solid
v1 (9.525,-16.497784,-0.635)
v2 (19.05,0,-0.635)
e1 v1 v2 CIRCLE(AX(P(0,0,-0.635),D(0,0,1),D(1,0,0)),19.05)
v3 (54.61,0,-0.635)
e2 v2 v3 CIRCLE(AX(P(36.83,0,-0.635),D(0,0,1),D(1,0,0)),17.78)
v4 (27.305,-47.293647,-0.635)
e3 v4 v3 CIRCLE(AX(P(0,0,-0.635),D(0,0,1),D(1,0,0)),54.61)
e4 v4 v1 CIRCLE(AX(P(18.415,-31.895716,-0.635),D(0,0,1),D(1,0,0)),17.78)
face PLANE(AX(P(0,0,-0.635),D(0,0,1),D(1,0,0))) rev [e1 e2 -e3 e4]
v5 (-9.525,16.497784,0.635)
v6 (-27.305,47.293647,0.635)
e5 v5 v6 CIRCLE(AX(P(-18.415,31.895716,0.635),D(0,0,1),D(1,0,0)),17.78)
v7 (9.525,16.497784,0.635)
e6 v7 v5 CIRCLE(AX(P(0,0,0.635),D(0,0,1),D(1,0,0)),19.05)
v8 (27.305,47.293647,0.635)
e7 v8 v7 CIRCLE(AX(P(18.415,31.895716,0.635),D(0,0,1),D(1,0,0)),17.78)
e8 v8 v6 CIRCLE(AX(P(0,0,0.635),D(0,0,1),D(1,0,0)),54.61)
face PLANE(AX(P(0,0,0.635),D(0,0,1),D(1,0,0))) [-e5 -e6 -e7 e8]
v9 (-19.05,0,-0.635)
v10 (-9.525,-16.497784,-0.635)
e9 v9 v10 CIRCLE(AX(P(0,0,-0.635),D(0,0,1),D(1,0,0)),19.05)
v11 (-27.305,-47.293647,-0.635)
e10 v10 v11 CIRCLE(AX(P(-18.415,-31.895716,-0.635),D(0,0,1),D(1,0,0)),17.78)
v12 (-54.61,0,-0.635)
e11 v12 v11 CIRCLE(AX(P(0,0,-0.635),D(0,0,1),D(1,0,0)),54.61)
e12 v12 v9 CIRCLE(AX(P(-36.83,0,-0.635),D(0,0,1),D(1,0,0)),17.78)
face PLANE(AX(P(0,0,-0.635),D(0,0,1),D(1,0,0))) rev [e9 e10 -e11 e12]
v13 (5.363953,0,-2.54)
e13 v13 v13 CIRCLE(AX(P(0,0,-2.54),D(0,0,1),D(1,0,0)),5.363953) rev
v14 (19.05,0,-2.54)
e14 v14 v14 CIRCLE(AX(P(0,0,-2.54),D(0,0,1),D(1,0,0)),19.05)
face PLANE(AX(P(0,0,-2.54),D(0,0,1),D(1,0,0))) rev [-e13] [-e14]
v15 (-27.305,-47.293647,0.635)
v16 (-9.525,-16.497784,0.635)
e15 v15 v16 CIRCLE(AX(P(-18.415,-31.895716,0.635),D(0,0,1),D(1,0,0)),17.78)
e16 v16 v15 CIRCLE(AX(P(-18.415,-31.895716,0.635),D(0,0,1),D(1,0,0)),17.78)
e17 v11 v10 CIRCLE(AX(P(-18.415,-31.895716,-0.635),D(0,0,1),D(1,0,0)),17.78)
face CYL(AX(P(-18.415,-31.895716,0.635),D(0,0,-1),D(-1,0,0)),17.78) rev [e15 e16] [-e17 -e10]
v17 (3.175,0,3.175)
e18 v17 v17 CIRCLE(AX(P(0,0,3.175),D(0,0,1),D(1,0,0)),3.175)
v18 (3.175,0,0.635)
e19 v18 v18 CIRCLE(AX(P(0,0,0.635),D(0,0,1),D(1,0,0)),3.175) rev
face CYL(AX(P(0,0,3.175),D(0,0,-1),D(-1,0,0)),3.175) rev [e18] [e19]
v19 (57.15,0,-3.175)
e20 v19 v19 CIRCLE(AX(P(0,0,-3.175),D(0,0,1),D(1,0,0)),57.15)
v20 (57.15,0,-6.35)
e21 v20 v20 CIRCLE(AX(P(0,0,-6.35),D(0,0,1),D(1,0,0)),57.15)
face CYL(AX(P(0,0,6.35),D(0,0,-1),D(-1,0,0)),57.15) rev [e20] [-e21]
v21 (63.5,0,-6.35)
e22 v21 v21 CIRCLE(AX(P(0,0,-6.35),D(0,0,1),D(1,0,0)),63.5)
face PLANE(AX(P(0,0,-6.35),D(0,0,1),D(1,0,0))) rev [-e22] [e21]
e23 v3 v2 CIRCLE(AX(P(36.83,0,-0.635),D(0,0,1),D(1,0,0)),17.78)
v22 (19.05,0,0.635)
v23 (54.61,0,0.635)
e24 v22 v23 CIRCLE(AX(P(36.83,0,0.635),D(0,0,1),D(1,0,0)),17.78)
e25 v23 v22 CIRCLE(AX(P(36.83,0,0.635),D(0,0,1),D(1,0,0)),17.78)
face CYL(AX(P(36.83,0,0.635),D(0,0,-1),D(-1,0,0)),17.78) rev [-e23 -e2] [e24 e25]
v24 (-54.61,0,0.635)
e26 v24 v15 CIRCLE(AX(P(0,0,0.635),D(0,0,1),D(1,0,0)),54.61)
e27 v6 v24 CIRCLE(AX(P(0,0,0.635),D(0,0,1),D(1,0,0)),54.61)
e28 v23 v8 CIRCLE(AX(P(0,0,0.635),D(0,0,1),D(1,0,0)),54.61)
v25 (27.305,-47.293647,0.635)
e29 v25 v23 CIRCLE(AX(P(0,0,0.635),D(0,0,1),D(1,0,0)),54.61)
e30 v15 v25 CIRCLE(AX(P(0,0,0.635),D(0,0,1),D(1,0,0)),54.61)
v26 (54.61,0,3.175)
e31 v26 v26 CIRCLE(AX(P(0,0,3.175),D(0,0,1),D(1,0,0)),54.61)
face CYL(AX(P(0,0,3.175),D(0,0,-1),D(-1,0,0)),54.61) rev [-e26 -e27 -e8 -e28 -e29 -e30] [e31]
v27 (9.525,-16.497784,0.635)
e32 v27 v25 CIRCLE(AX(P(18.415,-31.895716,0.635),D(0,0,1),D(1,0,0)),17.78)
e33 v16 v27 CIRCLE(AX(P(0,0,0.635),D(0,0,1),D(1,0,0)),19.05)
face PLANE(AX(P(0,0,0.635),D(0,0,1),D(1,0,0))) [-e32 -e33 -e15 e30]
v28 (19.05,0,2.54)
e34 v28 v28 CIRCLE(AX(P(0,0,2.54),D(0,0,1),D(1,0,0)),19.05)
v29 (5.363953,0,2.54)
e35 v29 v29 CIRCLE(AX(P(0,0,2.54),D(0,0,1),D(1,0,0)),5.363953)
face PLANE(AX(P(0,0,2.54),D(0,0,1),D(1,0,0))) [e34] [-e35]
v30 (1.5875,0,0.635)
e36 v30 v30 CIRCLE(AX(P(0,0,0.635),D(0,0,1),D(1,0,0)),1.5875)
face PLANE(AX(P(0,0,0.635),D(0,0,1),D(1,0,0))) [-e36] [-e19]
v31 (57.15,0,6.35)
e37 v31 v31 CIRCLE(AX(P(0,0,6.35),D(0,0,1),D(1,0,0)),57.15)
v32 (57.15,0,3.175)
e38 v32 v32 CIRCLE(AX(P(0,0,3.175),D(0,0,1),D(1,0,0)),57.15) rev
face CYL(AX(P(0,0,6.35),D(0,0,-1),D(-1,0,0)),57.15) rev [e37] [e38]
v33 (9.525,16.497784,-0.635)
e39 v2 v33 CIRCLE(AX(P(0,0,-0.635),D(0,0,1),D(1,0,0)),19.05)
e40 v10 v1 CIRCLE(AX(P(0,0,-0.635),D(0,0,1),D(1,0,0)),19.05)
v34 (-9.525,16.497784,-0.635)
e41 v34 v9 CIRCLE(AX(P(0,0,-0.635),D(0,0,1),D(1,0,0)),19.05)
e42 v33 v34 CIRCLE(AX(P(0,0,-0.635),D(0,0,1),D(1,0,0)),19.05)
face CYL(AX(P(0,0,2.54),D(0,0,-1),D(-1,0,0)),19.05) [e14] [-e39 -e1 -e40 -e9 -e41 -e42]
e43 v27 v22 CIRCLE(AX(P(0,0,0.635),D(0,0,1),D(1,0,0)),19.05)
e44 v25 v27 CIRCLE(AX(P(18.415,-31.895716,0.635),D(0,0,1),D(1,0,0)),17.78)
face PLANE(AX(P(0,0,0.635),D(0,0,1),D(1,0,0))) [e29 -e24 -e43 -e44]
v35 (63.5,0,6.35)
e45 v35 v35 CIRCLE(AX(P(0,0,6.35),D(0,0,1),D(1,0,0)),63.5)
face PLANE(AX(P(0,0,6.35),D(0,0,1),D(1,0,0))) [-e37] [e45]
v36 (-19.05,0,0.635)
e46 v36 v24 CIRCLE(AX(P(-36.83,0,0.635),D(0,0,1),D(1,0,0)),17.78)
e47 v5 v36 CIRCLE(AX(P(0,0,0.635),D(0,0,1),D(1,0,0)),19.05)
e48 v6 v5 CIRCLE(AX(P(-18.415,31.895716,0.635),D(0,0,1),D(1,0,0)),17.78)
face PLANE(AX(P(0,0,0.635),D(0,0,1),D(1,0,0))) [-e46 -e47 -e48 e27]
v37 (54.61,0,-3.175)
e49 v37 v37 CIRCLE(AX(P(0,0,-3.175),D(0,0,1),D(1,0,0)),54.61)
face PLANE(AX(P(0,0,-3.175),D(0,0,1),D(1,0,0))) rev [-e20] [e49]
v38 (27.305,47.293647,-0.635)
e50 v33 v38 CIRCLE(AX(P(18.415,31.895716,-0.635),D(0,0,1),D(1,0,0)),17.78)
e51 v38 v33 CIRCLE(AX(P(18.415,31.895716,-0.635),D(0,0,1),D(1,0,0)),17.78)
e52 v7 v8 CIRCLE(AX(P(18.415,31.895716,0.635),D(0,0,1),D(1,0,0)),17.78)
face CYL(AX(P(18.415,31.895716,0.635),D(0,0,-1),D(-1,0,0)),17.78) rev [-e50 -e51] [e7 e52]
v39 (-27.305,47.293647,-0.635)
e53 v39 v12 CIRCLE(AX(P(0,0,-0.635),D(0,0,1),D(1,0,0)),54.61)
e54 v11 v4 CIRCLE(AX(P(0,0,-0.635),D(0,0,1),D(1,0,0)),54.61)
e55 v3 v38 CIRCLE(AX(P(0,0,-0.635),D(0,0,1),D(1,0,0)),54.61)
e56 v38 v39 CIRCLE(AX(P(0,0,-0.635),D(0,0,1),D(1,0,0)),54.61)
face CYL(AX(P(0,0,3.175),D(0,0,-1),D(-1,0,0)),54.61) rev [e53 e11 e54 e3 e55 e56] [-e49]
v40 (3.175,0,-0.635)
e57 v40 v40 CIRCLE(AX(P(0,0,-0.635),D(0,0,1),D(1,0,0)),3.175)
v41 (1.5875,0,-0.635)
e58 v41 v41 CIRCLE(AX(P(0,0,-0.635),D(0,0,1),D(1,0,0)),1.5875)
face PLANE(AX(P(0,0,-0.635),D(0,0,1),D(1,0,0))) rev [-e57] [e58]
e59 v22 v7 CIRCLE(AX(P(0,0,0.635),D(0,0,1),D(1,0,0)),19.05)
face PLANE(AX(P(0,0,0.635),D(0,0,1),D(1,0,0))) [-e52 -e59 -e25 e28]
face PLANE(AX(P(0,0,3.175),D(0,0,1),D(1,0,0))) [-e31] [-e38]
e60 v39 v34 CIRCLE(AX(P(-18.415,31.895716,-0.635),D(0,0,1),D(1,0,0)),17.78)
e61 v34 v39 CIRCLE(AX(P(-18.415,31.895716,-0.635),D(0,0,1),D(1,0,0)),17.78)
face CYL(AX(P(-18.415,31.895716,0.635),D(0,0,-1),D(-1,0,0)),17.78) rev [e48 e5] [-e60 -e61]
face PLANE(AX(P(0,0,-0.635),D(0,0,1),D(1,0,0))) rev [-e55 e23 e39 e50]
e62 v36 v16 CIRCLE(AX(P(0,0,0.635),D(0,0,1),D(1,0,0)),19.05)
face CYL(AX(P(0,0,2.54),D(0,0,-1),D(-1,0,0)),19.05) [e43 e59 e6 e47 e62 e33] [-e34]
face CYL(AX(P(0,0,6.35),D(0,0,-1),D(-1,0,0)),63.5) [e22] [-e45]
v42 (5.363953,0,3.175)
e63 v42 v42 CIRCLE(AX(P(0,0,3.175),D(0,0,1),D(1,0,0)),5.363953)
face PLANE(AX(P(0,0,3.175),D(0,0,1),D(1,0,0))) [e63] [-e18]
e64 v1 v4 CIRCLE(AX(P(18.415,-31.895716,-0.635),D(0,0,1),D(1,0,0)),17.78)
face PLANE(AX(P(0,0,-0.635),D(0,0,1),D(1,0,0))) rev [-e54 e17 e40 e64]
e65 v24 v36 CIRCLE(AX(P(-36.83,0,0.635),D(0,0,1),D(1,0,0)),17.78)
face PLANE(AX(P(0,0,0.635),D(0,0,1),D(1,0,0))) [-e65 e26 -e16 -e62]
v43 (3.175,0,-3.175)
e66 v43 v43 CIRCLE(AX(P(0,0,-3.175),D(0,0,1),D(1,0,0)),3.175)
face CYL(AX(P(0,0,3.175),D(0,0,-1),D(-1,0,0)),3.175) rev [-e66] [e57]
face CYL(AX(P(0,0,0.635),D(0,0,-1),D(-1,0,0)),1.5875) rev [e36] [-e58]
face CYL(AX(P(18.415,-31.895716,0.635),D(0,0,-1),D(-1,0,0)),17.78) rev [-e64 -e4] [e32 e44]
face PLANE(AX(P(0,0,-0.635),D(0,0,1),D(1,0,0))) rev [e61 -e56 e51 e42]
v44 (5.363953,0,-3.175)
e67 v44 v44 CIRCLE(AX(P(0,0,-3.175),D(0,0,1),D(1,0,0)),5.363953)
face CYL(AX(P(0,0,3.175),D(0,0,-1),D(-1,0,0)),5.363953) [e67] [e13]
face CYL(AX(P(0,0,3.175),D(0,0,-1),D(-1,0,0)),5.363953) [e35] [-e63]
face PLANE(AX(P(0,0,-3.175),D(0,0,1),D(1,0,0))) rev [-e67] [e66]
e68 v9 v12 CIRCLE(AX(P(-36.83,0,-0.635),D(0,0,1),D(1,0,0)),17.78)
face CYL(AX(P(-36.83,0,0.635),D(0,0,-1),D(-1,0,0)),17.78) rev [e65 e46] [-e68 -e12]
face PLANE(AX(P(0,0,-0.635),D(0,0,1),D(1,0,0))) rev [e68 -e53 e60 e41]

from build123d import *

# Parameters (mm, degrees)
SKETCH1_R             = 3.175
SKETCH1_R_2           = 1.5875
BOSS_EXTRUDE1_DEPTH   = 0.635
BOSS_EXTRUDE1_2_DEPTH = 0.635
BOSS_EXTRUDE1_3_DEPTH = 0.635
BOSS_EXTRUDE1_4_DEPTH = 0.635
BOSS_EXTRUDE1_5_DEPTH = 0.635
BOSS_EXTRUDE1_6_DEPTH = 0.635
BOSS_EXTRUDE1_7_DEPTH = 0.635
SKETCH1_3_R           = 57.15
SKETCH1_3_R_2         = 54.61
SKETCH1_3_R_3         = 5.363953164
SKETCH1_3_R_4         = 3.175
BOSS_EXTRUDE2_DEPTH   = 3.175
SKETCH1_4_R           = 5.363953164
BOSS_EXTRUDE4_DEPTH   = 2.54
SKETCH1_5_R           = 63.5
SKETCH1_5_R_2         = 57.15
BOSS_EXTRUDE5_DEPTH   = 6.35


with BuildPart() as part:
    # Sketch1 → Boss-Extrude1 (new, symmetric)
    with BuildSketch(Plane.XY):
        Circle(SKETCH1_R)
        Circle(SKETCH1_R_2, mode=Mode.SUBTRACT)
    extrude(amount=BOSS_EXTRUDE1_DEPTH, both=True)



with BuildPart() as body_2:
    # Sketch1 → Boss-Extrude1 2 (new, symmetric)
    with BuildSketch(Plane.XY):
        with BuildLine():
            ThreePointArc((54.61, 0), (36.83, -17.78), (19.05, 0))
            ThreePointArc((19.05, 0), (16.497783962, -9.524999965), (9.525000069, -16.497783902))
            ThreePointArc((9.525000069, -16.497783902), (33.812931696, -23.005715651), (27.30500001, -47.293647295))
            ThreePointArc((27.30500001, -47.293647295), (47.293647304, -27.304999995), (54.61, 0))
        make_face()
    extrude(amount=BOSS_EXTRUDE1_2_DEPTH, both=True)


with BuildPart() as body_3:
    # Sketch1 → Boss-Extrude1 3 (new, symmetric)
    with BuildSketch(Plane.XY):
        with BuildLine():
            ThreePointArc((9.524999881, 16.497784011), (16.497783908, 9.525000059), (19.05, 0))
            ThreePointArc((19.05, 0), (36.83, 17.78), (54.61, 0))
            ThreePointArc((54.61, 0), (47.293647334, 27.304999942), (27.305000115, 47.293647234))
            ThreePointArc((27.305000115, 47.293647234), (33.812931612, 23.005715504), (9.524999881, 16.497784011))
        make_face()
    extrude(amount=BOSS_EXTRUDE1_3_DEPTH, both=True)


with BuildPart() as body_4:
    # Sketch1 → Boss-Extrude1 4 (new, symmetric)
    with BuildSketch(Plane.XY):
        with BuildLine():
            ThreePointArc((-9.524999997, 16.497783944), (-6.7e-08, 19.05), (9.524999881, 16.497784011))
            ThreePointArc((9.524999881, 16.497784011), (3.017068388, 40.785715738), (27.305000115, 47.293647234))
            ThreePointArc((27.305000115, 47.293647234), (3.56e-07, 54.61), (-27.304999499, 47.29364759))
            ThreePointArc((-27.304999499, 47.29364759), (-3.017068177, 40.785715372), (-9.524999997, 16.497783944))
        make_face()
    extrude(amount=BOSS_EXTRUDE1_4_DEPTH, both=True)


with BuildPart() as body_5:
    # Sketch1 → Boss-Extrude1 5 (new, symmetric)
    with BuildSketch(Plane.XY):
        with BuildLine():
            ThreePointArc((27.30500001, -47.293647295), (3.017068304, -40.785715592), (9.525000069, -16.497783902))
            ThreePointArc((9.525000069, -16.497783902), (-3.12e-07, -19.05), (-9.525000609, -16.497783591))
            ThreePointArc((-9.525000609, -16.497783591), (-3.017068222, -40.785715451), (-27.305000268, -47.293647146))
            ThreePointArc((-27.305000268, -47.293647146), (-1.49e-07, -54.61), (27.30500001, -47.293647295))
        make_face()
    extrude(amount=BOSS_EXTRUDE1_5_DEPTH, both=True)


with BuildPart() as body_6:
    # Sketch1 → Boss-Extrude1 6 (new, symmetric)
    with BuildSketch(Plane.XY):
        with BuildLine():
            ThreePointArc((-19.05, 0), (-16.497783941, 9.525000001), (-9.524999997, 16.497783944))
            ThreePointArc((-9.524999997, 16.497783944), (-33.812931823, 23.005715871), (-27.304999499, 47.29364759))
            ThreePointArc((-27.304999499, 47.29364759), (-47.293647156, 27.305000251), (-54.61, 0))
            ThreePointArc((-54.61, 0), (-36.83, 17.78), (-19.05, 0))
        make_face()
    extrude(amount=BOSS_EXTRUDE1_6_DEPTH, both=True)


with BuildPart() as body_7:
    # Sketch1 → Boss-Extrude1 7 (new, symmetric)
    with BuildSketch(Plane.XY):
        with BuildLine():
            ThreePointArc((-27.305000268, -47.293647146), (-33.812931778, -23.005715792), (-9.525000609, -16.497783591))
            ThreePointArc((-9.525000609, -16.497783591), (-16.497784118, -9.524999696), (-19.05, 0))
            ThreePointArc((-19.05, 0), (-36.83, -17.78), (-54.61, 0))
            ThreePointArc((-54.61, 0), (-47.293647378, -27.304999866), (-27.305000268, -47.293647146))
        make_face()
    extrude(amount=BOSS_EXTRUDE1_7_DEPTH, both=True)


with BuildPart() as part_1:
    add(part.part)

    add(body_4.part)  # Boss-Extrude2 merges body 4

    add(body_7.part)  # Boss-Extrude2 merges body 7

    add(body_2.part)  # Boss-Extrude2 merges body 2
    # Sketch1<3> → Boss-Extrude2 (add, symmetric)
    # profile 1 of 2: a face of its own
    with BuildSketch(Plane.XY):
        Circle(SKETCH1_3_R)
        Circle(SKETCH1_3_R_2, mode=Mode.SUBTRACT)
    # profile 2 of 2: a face of its own
    with BuildSketch(Plane.XY):
        Circle(SKETCH1_3_R_3)
        Circle(SKETCH1_3_R_4, mode=Mode.SUBTRACT)
    extrude(amount=BOSS_EXTRUDE2_DEPTH, both=True)


    add(body_3.part)  # Boss-Extrude4 merges body 3

    add(body_5.part)  # Boss-Extrude4 merges body 5

    add(body_6.part)  # Boss-Extrude4 merges body 6
    # Sketch1<4> → Boss-Extrude4 (add, symmetric)
    with BuildSketch(Plane.XY):
        with BuildLine():
            ThreePointArc((9.525000069, -16.497783902), (16.497783962, -9.524999965), (19.05, 0))
            ThreePointArc((19.05, 0), (16.497783908, 9.525000059), (9.524999881, 16.497784011))
            ThreePointArc((9.524999881, 16.497784011), (-6.7e-08, 19.05), (-9.524999997, 16.497783944))
            ThreePointArc((-9.524999997, 16.497783944), (-16.497783941, 9.525000001), (-19.05, 0))
            ThreePointArc((-19.05, 0), (-16.497784118, -9.524999696), (-9.525000609, -16.497783591))
            ThreePointArc((-9.525000609, -16.497783591), (-3.12e-07, -19.05), (9.525000069, -16.497783902))
        make_face()
        Circle(SKETCH1_4_R, mode=Mode.SUBTRACT)
    extrude(amount=BOSS_EXTRUDE4_DEPTH, both=True)

    # Sketch1<5> → Boss-Extrude5 (add, symmetric)
    with BuildSketch(Plane.XY):
        Circle(SKETCH1_5_R)
        Circle(SKETCH1_5_R_2, mode=Mode.SUBTRACT)
    extrude(amount=BOSS_EXTRUDE5_DEPTH, both=True)


solid = part_1.part
